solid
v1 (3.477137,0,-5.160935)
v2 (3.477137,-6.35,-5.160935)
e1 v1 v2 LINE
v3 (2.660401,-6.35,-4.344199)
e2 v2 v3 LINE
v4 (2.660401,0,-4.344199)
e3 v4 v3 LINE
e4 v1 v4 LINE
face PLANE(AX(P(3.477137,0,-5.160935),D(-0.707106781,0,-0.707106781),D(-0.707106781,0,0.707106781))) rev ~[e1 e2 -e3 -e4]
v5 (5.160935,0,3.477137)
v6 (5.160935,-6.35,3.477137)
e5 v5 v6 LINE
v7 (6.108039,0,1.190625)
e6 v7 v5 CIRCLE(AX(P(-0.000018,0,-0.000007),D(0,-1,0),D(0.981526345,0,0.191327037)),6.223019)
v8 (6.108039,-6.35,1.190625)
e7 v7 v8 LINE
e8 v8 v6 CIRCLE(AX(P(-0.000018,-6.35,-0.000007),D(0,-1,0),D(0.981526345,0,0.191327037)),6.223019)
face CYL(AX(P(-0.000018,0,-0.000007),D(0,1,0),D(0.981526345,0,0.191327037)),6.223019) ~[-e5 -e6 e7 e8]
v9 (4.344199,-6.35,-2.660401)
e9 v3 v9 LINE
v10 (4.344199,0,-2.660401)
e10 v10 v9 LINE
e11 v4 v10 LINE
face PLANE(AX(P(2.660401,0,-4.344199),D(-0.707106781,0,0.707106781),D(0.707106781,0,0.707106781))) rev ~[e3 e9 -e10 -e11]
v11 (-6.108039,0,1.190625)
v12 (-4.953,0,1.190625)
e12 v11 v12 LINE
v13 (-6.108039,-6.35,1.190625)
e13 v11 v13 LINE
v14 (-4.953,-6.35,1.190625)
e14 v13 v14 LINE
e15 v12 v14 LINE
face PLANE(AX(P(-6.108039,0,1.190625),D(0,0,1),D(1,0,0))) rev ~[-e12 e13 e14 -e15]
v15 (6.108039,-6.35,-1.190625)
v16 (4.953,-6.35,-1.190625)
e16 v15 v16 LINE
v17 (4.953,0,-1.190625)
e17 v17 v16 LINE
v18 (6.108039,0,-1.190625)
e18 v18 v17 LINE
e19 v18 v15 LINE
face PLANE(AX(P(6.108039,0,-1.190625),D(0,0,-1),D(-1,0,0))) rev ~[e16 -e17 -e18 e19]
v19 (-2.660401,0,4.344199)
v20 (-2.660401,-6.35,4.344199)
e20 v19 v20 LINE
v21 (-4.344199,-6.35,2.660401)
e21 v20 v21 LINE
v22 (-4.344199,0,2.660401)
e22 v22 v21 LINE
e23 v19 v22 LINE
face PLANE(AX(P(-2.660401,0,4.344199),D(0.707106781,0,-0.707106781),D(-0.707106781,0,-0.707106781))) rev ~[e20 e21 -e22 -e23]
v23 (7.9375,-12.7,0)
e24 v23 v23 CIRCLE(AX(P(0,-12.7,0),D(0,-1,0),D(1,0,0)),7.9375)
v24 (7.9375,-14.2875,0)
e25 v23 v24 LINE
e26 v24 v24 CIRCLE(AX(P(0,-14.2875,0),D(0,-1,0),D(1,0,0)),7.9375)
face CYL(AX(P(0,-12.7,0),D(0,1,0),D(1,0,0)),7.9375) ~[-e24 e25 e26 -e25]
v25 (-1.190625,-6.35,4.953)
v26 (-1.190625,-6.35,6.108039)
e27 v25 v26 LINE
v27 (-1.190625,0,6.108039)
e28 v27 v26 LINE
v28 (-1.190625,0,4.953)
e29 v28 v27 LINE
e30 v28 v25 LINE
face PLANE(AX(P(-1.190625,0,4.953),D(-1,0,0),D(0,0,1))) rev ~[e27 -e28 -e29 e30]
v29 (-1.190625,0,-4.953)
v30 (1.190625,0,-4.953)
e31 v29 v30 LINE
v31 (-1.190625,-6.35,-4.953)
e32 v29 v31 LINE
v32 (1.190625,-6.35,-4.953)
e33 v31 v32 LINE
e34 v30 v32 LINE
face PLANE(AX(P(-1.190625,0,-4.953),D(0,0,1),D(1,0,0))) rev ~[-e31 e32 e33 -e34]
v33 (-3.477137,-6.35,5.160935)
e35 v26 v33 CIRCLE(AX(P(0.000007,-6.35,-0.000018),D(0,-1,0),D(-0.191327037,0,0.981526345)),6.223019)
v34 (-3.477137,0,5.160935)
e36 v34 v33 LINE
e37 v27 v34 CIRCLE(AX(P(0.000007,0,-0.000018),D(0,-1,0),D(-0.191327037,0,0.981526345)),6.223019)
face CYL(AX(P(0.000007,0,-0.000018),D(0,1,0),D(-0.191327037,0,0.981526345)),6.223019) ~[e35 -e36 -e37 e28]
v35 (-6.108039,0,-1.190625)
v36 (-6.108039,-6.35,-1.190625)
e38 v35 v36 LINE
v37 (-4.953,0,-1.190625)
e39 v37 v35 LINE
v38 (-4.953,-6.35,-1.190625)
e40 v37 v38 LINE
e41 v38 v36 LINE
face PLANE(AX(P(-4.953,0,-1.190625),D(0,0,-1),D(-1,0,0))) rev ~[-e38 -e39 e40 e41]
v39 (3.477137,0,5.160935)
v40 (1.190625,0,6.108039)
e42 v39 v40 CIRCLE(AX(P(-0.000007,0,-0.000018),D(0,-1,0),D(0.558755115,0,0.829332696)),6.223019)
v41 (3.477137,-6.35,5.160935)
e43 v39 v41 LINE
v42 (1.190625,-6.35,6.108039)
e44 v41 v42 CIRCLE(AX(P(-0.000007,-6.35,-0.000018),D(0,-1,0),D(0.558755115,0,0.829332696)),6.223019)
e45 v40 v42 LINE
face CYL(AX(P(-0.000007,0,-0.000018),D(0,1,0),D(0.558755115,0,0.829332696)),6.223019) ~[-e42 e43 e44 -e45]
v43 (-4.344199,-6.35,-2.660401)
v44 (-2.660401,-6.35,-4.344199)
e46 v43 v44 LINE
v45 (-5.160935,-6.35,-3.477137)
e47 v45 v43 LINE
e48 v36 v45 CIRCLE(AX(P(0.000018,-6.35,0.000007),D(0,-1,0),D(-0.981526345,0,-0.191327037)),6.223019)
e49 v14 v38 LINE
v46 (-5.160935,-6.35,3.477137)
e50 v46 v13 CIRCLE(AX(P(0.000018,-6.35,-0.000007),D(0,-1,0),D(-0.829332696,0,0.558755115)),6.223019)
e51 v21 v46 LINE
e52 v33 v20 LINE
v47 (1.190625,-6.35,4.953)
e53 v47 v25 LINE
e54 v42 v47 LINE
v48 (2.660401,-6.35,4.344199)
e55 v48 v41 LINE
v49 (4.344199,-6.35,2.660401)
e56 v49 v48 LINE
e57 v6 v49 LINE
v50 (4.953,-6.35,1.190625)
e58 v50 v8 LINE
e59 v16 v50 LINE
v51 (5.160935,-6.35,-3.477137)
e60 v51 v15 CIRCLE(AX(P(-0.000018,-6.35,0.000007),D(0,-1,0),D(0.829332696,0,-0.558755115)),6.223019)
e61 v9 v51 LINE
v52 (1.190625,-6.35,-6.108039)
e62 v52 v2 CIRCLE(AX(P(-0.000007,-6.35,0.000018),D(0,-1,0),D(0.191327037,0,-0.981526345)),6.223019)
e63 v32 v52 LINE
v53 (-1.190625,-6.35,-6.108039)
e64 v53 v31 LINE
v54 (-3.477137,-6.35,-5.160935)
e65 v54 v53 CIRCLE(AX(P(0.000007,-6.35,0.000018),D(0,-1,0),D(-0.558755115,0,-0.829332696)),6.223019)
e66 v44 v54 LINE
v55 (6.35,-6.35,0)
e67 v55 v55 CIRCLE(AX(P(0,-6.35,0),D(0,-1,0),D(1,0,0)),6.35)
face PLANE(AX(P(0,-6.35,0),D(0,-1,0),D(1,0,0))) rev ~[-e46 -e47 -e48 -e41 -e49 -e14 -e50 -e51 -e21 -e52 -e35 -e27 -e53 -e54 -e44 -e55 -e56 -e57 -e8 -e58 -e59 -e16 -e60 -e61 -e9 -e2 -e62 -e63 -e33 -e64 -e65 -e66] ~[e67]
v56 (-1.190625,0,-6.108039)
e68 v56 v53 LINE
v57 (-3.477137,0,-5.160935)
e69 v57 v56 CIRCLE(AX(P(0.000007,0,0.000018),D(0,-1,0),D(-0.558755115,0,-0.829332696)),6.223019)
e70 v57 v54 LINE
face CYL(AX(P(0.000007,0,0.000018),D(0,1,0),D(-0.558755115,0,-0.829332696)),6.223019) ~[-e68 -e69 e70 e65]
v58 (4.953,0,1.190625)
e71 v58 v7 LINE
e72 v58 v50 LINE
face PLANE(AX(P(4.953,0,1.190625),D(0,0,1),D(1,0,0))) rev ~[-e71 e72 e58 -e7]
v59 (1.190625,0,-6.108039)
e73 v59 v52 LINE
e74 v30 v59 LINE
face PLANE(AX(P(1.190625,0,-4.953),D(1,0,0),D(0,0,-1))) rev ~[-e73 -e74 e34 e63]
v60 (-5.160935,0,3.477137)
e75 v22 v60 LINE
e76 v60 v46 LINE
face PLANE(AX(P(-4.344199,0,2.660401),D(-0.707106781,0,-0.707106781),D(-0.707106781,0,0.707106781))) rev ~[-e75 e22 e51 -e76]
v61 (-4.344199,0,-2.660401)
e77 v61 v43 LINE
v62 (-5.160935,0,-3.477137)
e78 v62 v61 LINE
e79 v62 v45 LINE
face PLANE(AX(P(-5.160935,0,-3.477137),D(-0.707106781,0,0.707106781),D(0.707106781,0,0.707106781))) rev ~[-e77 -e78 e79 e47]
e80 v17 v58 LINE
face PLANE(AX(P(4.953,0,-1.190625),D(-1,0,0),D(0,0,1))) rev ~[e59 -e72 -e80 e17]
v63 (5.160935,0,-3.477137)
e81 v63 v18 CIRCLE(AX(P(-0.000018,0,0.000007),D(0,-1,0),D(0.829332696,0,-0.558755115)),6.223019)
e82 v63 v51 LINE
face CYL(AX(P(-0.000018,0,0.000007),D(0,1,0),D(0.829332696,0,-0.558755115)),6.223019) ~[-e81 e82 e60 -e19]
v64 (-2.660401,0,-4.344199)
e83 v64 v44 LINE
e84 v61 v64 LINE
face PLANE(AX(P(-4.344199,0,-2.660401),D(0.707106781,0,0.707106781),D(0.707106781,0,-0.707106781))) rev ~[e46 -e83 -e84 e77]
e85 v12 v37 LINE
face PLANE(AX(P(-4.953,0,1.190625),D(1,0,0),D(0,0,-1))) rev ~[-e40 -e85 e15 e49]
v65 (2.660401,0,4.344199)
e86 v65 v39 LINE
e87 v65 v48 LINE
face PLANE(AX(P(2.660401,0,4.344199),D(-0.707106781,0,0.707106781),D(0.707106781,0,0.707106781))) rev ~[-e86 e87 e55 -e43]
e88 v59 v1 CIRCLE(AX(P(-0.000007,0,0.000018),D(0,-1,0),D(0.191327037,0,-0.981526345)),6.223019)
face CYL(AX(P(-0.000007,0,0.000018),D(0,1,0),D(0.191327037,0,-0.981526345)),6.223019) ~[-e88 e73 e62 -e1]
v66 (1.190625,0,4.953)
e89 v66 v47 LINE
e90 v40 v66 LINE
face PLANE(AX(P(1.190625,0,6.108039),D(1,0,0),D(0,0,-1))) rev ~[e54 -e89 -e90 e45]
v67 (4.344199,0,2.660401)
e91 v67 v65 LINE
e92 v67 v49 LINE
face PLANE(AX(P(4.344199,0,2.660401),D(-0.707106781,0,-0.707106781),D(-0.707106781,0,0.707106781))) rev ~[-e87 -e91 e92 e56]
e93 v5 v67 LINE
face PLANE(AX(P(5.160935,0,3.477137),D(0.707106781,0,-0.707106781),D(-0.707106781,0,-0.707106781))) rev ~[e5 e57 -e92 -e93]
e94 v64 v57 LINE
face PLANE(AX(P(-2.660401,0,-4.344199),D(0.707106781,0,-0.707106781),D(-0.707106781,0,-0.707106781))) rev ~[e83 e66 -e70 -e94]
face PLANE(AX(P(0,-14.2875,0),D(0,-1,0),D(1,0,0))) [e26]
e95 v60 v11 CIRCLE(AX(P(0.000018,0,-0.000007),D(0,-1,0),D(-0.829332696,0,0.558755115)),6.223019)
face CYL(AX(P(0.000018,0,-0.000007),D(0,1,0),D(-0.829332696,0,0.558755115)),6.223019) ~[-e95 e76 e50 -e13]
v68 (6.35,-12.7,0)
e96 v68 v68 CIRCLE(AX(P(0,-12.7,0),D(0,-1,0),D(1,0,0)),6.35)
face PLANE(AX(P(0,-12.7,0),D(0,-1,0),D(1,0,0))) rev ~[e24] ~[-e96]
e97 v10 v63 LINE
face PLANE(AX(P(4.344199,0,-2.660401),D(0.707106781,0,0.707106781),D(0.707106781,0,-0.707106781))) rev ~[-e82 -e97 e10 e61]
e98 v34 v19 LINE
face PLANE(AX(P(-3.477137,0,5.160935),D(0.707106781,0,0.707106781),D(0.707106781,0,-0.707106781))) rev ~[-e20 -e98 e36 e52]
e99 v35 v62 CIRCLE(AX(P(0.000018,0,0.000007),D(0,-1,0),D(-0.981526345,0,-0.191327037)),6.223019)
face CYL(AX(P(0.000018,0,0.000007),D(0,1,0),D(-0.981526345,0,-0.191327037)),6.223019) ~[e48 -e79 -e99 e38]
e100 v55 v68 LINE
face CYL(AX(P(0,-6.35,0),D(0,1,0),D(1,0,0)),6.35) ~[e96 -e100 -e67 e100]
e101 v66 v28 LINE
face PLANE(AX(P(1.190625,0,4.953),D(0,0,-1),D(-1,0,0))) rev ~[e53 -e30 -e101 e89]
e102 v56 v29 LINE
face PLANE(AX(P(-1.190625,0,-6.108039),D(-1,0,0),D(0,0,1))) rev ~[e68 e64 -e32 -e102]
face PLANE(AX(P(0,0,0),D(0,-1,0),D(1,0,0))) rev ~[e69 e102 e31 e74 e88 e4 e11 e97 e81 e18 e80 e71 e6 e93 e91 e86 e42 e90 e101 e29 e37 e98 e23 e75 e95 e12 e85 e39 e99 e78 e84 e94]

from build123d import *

# Parameters (mm, degrees)
F1_DEPTH = 6.35
F2_R     = 6.35
F3_DEPTH = 6.35
F4_R     = 7.9375
F4_R_2   = 6.35
F5_DEPTH = 1.5875


with BuildPart() as f1:
    # F0 (on Front) → F1 (new body)
    with BuildSketch(Plane.XZ):
        with BuildLine():
            Line((-1.190625, 4.953), (-1.190625, 6.108039))
            ThreePointArc((-1.190625, 6.108039), (-2.381439, 5.749302), (-3.477137, 5.160935))
            Line((-3.477137, 5.160935), (-2.660401, 4.344199))
            Line((-2.660401, 4.344199), (-4.344199, 2.660401))
            Line((-4.344199, 2.660401), (-5.160935, 3.477137))
            ThreePointArc((-5.160935, 3.477137), (-5.749302, 2.381439), (-6.108039, 1.190625))
            Line((-6.108039, 1.190625), (-4.953, 1.190625))
            Line((-4.953, 1.190625), (-4.953, -1.190625))
            Line((-4.953, -1.190625), (-6.108039, -1.190625))
            ThreePointArc((-6.108039, -1.190625), (-5.749302, -2.381439), (-5.160935, -3.477137))
            Line((-5.160935, -3.477137), (-4.344199, -2.660401))
            Line((-4.344199, -2.660401), (-2.660401, -4.344199))
            Line((-2.660401, -4.344199), (-3.477137, -5.160935))
            ThreePointArc((-3.477137, -5.160935), (-2.381439, -5.749302), (-1.190625, -6.108039))
            Line((-1.190625, -6.108039), (-1.190625, -4.953))
            Line((-1.190625, -4.953), (1.190625, -4.953))
            Line((1.190625, -4.953), (1.190625, -6.108039))
            ThreePointArc((1.190625, -6.108039), (2.381439, -5.749302), (3.477137, -5.160935))
            Line((3.477137, -5.160935), (2.660401, -4.344199))
            Line((2.660401, -4.344199), (4.344199, -2.660401))
            Line((4.344199, -2.660401), (5.160935, -3.477137))
            ThreePointArc((5.160935, -3.477137), (5.749302, -2.381439), (6.108039, -1.190625))
            Line((6.108039, -1.190625), (4.953, -1.190625))
            Line((4.953, -1.190625), (4.953, 1.190625))
            Line((4.953, 1.190625), (6.108039, 1.190625))
            ThreePointArc((6.108039, 1.190625), (5.749302, 2.381439), (5.160935, 3.477137))
            Line((5.160935, 3.477137), (4.344199, 2.660401))
            Line((4.344199, 2.660401), (2.660401, 4.344199))
            Line((2.660401, 4.344199), (3.477137, 5.160935))
            ThreePointArc((3.477137, 5.160935), (2.381439, 5.749302), (1.190625, 6.108039))
            Line((1.190625, 6.108039), (1.190625, 4.953))
            Line((1.190625, 4.953), (-1.190625, 4.953))
        make_face()
    extrude(amount=F1_DEPTH)

    # F2 (on face) → F3 (join)
    with BuildSketch(Plane.XZ.offset(6.35)):
        Circle(F2_R)
        with BuildLine():
            Line((-3.477137, -5.160935), (-2.660401, -4.344199))
            Line((-2.660401, -4.344199), (-4.344199, -2.660401))
            Line((-4.344199, -2.660401), (-5.160935, -3.477137))
            ThreePointArc((-5.160935, -3.477137), (-5.749302, -2.381439), (-6.108039, -1.190625))
            Line((-6.108039, -1.190625), (-4.953, -1.190625))
            Line((-4.953, -1.190625), (-4.953, 1.190625))
            Line((-4.953, 1.190625), (-6.108039, 1.190625))
            ThreePointArc((-6.108039, 1.190625), (-5.749302, 2.381439), (-5.160935, 3.477137))
            Line((-5.160935, 3.477137), (-4.344199, 2.660401))
            Line((-4.344199, 2.660401), (-2.660401, 4.344199))
            Line((-2.660401, 4.344199), (-3.477137, 5.160935))
            ThreePointArc((-3.477137, 5.160935), (-2.381439, 5.749302), (-1.190625, 6.108039))
            Line((-1.190625, 6.108039), (-1.190625, 4.953))
            Line((-1.190625, 4.953), (1.190625, 4.953))
            Line((1.190625, 4.953), (1.190625, 6.108039))
            ThreePointArc((1.190625, 6.108039), (2.381439, 5.749302), (3.477137, 5.160935))
            Line((3.477137, 5.160935), (2.660401, 4.344199))
            Line((2.660401, 4.344199), (4.344199, 2.660401))
            Line((4.344199, 2.660401), (5.160935, 3.477137))
            ThreePointArc((5.160935, 3.477137), (5.749302, 2.381439), (6.108039, 1.190625))
            Line((6.108039, 1.190625), (4.953, 1.190625))
            Line((4.953, 1.190625), (4.953, -1.190625))
            Line((4.953, -1.190625), (6.108039, -1.190625))
            ThreePointArc((6.108039, -1.190625), (5.749302, -2.381439), (5.160935, -3.477137))
            Line((5.160935, -3.477137), (4.344199, -2.660401))
            Line((4.344199, -2.660401), (2.660401, -4.344199))
            Line((2.660401, -4.344199), (3.477137, -5.160935))
            ThreePointArc((3.477137, -5.160935), (2.381439, -5.749302), (1.190625, -6.108039))
            Line((1.190625, -6.108039), (1.190625, -4.953))
            Line((1.190625, -4.953), (-1.190625, -4.953))
            Line((-1.190625, -4.953), (-1.190625, -6.108039))
            ThreePointArc((-1.190625, -6.108039), (-2.381439, -5.749302), (-3.477137, -5.160935))
        make_face(mode=Mode.SUBTRACT)
        with BuildLine():
            Line((-4.344199, -2.660401), (-2.660401, -4.344199))
            Line((-2.660401, -4.344199), (-3.477137, -5.160935))
            ThreePointArc((-3.477137, -5.160935), (-2.381439, -5.749302), (-1.190625, -6.108039))
            Line((-1.190625, -6.108039), (-1.190625, -4.953))
            Line((-1.190625, -4.953), (1.190625, -4.953))
            Line((1.190625, -4.953), (1.190625, -6.108039))
            ThreePointArc((1.190625, -6.108039), (2.381439, -5.749302), (3.477137, -5.160935))
            Line((3.477137, -5.160935), (2.660401, -4.344199))
            Line((2.660401, -4.344199), (4.344199, -2.660401))
            Line((4.344199, -2.660401), (5.160935, -3.477137))
            ThreePointArc((5.160935, -3.477137), (5.749302, -2.381439), (6.108039, -1.190625))
            Line((6.108039, -1.190625), (4.953, -1.190625))
            Line((4.953, -1.190625), (4.953, 1.190625))
            Line((4.953, 1.190625), (6.108039, 1.190625))
            ThreePointArc((6.108039, 1.190625), (5.749302, 2.381439), (5.160935, 3.477137))
            Line((5.160935, 3.477137), (4.344199, 2.660401))
            Line((4.344199, 2.660401), (2.660401, 4.344199))
            Line((2.660401, 4.344199), (3.477137, 5.160935))
            ThreePointArc((3.477137, 5.160935), (2.381439, 5.749302), (1.190625, 6.108039))
            Line((1.190625, 6.108039), (1.190625, 4.953))
            Line((1.190625, 4.953), (-1.190625, 4.953))
            Line((-1.190625, 4.953), (-1.190625, 6.108039))
            ThreePointArc((-1.190625, 6.108039), (-2.381439, 5.749302), (-3.477137, 5.160935))
            Line((-3.477137, 5.160935), (-2.660401, 4.344199))
            Line((-2.660401, 4.344199), (-4.344199, 2.660401))
            Line((-4.344199, 2.660401), (-5.160935, 3.477137))
            ThreePointArc((-5.160935, 3.477137), (-5.749302, 2.381439), (-6.108039, 1.190625))
            Line((-6.108039, 1.190625), (-4.953, 1.190625))
            Line((-4.953, 1.190625), (-4.953, -1.190625))
            Line((-4.953, -1.190625), (-6.108039, -1.190625))
            ThreePointArc((-6.108039, -1.190625), (-5.749302, -2.381439), (-5.160935, -3.477137))
            Line((-5.160935, -3.477137), (-4.344199, -2.660401))
        make_face()
    extrude(amount=F3_DEPTH)

    # F4 (on face) → F5 (join)
    with BuildSketch(Plane.XZ.offset(12.7)):
        Circle(F4_R)
        Circle(F4_R_2, mode=Mode.SUBTRACT)
        Circle(F4_R_2)
    extrude(amount=F5_DEPTH)


solid = f1.part
